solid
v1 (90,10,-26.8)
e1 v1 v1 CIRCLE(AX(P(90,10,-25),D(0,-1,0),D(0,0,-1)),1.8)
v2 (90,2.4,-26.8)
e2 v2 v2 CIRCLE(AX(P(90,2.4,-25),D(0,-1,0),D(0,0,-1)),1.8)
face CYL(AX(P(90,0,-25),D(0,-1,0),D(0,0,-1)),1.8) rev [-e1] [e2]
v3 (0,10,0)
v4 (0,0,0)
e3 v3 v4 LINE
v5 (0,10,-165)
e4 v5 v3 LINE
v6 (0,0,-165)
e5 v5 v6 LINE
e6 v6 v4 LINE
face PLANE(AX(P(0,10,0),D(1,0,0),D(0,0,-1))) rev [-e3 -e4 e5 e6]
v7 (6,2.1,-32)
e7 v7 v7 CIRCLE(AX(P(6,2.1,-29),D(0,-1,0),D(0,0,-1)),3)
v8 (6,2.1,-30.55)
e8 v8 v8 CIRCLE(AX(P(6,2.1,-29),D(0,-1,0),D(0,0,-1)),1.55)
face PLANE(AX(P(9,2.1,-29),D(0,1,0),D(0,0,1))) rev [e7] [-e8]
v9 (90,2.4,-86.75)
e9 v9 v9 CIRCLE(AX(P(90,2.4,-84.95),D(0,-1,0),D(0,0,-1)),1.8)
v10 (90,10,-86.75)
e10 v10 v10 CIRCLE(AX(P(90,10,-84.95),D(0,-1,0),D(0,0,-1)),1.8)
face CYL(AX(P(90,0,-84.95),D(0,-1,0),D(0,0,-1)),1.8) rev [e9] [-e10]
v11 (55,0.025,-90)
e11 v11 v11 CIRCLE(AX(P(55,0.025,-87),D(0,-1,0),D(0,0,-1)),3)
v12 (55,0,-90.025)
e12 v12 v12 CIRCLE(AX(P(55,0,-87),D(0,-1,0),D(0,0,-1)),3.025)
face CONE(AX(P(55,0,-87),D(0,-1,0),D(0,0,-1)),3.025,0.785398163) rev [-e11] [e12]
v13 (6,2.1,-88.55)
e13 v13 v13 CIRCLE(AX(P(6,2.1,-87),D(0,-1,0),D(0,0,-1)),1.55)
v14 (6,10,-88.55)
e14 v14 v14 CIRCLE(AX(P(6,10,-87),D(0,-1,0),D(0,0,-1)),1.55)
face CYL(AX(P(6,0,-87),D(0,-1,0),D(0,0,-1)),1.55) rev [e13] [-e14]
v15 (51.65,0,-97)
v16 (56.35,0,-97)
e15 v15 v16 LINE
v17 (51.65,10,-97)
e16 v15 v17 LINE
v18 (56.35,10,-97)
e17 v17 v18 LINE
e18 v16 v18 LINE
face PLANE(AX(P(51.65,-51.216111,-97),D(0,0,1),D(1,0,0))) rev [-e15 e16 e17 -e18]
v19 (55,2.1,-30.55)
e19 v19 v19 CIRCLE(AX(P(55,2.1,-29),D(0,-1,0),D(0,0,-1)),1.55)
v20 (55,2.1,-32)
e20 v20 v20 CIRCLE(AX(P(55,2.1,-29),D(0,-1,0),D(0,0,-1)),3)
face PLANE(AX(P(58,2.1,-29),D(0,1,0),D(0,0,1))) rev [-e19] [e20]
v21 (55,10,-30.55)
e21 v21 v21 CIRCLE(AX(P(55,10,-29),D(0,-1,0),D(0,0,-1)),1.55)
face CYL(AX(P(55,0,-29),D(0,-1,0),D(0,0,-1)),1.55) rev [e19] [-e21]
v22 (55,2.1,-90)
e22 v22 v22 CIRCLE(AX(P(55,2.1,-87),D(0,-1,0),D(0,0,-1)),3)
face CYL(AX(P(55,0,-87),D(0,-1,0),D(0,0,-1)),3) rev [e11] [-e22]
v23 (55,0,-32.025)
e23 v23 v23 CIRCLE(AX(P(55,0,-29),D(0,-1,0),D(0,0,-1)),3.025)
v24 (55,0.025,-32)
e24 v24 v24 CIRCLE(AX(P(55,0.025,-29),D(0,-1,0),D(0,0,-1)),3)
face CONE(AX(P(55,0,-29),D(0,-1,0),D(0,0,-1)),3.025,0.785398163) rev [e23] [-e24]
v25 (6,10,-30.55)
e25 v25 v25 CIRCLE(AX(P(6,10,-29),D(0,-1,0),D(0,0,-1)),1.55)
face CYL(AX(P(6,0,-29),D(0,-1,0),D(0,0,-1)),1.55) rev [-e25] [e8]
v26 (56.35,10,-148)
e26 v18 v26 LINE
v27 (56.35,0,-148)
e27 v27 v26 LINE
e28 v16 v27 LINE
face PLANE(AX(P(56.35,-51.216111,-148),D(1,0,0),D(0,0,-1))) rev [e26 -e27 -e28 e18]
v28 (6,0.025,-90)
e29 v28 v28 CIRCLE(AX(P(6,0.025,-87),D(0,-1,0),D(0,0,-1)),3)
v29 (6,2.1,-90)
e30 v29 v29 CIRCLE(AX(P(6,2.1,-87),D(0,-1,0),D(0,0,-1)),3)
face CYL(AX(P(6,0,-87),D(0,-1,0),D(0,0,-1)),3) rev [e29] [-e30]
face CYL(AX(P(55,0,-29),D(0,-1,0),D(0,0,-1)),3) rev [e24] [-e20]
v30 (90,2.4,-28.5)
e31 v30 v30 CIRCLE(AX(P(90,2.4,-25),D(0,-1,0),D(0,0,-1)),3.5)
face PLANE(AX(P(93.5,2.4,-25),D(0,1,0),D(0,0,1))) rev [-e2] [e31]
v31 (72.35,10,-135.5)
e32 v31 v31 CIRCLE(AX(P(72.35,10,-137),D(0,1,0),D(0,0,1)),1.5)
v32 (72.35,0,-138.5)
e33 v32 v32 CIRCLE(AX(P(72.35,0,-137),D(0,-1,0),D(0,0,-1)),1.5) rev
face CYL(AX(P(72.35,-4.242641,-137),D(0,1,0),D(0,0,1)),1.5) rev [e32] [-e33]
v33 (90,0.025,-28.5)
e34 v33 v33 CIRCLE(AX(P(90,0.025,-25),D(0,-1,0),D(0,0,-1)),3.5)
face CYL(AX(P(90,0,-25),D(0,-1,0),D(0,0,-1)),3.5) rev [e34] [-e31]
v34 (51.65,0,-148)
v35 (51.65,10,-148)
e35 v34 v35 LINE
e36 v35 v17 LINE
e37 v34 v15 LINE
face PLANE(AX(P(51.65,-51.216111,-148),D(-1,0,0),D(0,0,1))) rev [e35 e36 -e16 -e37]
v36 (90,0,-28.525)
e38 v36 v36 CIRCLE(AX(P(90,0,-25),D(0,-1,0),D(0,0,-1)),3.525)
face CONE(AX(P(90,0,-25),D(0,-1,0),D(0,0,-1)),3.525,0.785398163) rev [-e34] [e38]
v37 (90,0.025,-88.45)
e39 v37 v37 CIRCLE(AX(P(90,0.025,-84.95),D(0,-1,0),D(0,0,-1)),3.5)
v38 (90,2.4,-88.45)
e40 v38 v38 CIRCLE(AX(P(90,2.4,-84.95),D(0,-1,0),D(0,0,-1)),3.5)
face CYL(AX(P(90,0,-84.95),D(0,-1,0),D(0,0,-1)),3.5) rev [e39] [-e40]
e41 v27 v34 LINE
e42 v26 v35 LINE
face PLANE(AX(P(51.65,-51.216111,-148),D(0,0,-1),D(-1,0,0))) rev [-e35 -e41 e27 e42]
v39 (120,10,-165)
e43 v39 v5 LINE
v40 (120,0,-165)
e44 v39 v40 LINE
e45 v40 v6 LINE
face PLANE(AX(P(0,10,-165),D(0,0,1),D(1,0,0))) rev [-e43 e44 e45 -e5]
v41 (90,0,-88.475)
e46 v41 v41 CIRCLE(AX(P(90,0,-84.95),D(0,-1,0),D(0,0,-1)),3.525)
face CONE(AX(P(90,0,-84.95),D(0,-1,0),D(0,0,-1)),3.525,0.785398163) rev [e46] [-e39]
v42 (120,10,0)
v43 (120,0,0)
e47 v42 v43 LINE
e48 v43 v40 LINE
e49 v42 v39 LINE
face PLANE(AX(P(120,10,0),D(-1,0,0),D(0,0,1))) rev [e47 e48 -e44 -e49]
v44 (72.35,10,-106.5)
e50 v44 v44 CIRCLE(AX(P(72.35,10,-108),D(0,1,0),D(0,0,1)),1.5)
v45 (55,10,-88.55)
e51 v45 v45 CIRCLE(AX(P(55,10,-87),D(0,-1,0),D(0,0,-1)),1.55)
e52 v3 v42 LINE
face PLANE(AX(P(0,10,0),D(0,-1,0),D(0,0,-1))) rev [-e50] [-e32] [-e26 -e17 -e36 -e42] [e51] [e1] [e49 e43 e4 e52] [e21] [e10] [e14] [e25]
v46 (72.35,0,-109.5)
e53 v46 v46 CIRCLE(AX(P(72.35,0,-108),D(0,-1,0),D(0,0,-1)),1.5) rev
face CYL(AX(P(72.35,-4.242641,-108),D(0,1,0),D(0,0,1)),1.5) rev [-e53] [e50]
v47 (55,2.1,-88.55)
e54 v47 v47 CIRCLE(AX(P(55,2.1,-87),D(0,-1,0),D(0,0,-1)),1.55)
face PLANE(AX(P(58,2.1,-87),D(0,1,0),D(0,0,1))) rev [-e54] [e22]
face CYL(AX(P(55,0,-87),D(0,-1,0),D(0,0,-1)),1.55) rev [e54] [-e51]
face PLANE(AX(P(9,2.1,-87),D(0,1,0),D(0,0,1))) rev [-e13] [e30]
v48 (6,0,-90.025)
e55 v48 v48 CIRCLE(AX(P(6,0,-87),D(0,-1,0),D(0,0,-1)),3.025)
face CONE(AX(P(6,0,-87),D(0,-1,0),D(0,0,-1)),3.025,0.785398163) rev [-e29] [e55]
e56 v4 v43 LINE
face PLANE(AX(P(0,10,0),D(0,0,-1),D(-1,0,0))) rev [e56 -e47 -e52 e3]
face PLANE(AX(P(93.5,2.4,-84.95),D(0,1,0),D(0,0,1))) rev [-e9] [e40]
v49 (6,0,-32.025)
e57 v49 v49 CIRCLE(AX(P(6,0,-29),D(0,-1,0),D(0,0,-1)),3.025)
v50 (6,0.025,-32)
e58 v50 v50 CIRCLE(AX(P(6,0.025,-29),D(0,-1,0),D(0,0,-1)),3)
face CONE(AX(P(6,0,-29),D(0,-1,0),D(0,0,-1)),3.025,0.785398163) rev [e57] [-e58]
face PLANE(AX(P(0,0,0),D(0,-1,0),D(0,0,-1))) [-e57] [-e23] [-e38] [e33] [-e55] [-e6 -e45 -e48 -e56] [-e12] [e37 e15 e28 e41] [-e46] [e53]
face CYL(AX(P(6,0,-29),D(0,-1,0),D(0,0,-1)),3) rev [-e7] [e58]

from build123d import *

# Parameters (mm, degrees)
SKETCH1_W                     = 120
SKETCH1_H                     = 165
BASE_DEPTH                    = 10
PI_MOUNTHOLES_AT_2_COUNT      = 2
PI_MOUNTHOLES_AT_2_PITCH      = 49
PI_MOUNTHOLES_AT_3_COUNT      = 2
PI_MOUNTHOLES_AT_3_PITCH      = 75.927597091
PI_MOUNTHOLES_AT_4_COUNT      = 2
PI_MOUNTHOLES_AT_4_PITCH      = 58
BATTERY_MOUNTHOLES_AT_2_COUNT = 2
BATTERY_MOUNTHOLES_AT_2_PITCH = 59.95
SKETCH17_W                    = 4.7
SKETCH17_H                    = 51
STEPPERBRACKETSLOT_DEPTH      = 10
SKETCH18_R                    = 1.5
ANGLEBRACKET_MOUNTHOLES_DEPTH = 10


with BuildPart() as part:
    # Sketch1 → Base (new body)
    with BuildSketch(Plane(origin=(0, 0, 0), x_dir=(1, 0, 0), z_dir=(0, 1, 0))):
        with Locations((60, 82.5)):
            Rectangle(SKETCH1_W, SKETCH1_H)
    extrude(amount=BASE_DEPTH)

    # Sketch14 → Pi-MountHoles (revolve, cut)
    with BuildSketch(Plane(origin=(6, 0, -29), x_dir=(0, 0, -1), z_dir=(1, 0, 0))):
        Polygon((0, 0), (0, 10), (1.55, 10), (1.55, 2.1), (3, 2.1), (3, 0.025), (3.025, 0), align=None)
    pi_mountholes = revolve(axis=Axis((6, -6.35, -29), (0, 1, 0)), mode=Mode.SUBTRACT)

    # Pi-MountHoles at 2: Pi-MountHoles ×2
    with Locations(*[(i * PI_MOUNTHOLES_AT_2_PITCH, 0, 0) for i in range(1, PI_MOUNTHOLES_AT_2_COUNT)]):
        add(pi_mountholes, mode=Mode.SUBTRACT)

    # Pi-MountHoles at 3: Pi-MountHoles ×2
    with Locations(*[Vector(0.6453516491682099, 0, -0.7638856255460447) * (i * PI_MOUNTHOLES_AT_3_PITCH) for i in range(1, PI_MOUNTHOLES_AT_3_COUNT)]):
        add(pi_mountholes, mode=Mode.SUBTRACT)

    # Pi-MountHoles at 4: Pi-MountHoles ×2
    with Locations(*[(0, 0, -i * PI_MOUNTHOLES_AT_4_PITCH) for i in range(1, PI_MOUNTHOLES_AT_4_COUNT)]):
        add(pi_mountholes, mode=Mode.SUBTRACT)

    # Sketch16 → Battery-MountHoles (revolve, cut)
    with BuildSketch(Plane(origin=(90, 0, -25), x_dir=(0, 0, -1), z_dir=(1, 0, 0))):
        Polygon((0, 0), (0, 10), (1.8, 10), (1.8, 2.4), (3.5, 2.4), (3.5, 0.025), (3.525, 0), align=None)
    battery_mountholes = revolve(axis=Axis((90, -6.35, -25), (0, 1, 0)), mode=Mode.SUBTRACT)

    # Battery-MountHoles at 2: Battery-MountHoles ×2
    with Locations(*[(0, 0, -i * BATTERY_MOUNTHOLES_AT_2_PITCH) for i in range(1, BATTERY_MOUNTHOLES_AT_2_COUNT)]):
        add(battery_mountholes, mode=Mode.SUBTRACT)

    # Sketch17 → StepperBracketSlot (cut)
    with BuildSketch(Plane(origin=(0, 10, 0), x_dir=(1, 0, 0), z_dir=(0, 1, 0))):
        with Locations((54, 122.5)):
            Rectangle(SKETCH17_W, SKETCH17_H)
    extrude(amount=-STEPPERBRACKETSLOT_DEPTH, mode=Mode.SUBTRACT)

    # Sketch18 → AngleBracket-MountHoles (cut)
    with BuildSketch(Plane(origin=(0, 10, 0), x_dir=(1, 0, 0), z_dir=(0, 1, 0))):
        with Locations(Location((72.35, 137, 0), (0, 0, 270))):
            Circle(SKETCH18_R)
        with Locations(Location((72.35, 108, 0), (0, 0, 270))):
            Circle(SKETCH18_R)
    extrude(amount=-ANGLEBRACKET_MOUNTHOLES_DEPTH, mode=Mode.SUBTRACT)


solid = part.part
